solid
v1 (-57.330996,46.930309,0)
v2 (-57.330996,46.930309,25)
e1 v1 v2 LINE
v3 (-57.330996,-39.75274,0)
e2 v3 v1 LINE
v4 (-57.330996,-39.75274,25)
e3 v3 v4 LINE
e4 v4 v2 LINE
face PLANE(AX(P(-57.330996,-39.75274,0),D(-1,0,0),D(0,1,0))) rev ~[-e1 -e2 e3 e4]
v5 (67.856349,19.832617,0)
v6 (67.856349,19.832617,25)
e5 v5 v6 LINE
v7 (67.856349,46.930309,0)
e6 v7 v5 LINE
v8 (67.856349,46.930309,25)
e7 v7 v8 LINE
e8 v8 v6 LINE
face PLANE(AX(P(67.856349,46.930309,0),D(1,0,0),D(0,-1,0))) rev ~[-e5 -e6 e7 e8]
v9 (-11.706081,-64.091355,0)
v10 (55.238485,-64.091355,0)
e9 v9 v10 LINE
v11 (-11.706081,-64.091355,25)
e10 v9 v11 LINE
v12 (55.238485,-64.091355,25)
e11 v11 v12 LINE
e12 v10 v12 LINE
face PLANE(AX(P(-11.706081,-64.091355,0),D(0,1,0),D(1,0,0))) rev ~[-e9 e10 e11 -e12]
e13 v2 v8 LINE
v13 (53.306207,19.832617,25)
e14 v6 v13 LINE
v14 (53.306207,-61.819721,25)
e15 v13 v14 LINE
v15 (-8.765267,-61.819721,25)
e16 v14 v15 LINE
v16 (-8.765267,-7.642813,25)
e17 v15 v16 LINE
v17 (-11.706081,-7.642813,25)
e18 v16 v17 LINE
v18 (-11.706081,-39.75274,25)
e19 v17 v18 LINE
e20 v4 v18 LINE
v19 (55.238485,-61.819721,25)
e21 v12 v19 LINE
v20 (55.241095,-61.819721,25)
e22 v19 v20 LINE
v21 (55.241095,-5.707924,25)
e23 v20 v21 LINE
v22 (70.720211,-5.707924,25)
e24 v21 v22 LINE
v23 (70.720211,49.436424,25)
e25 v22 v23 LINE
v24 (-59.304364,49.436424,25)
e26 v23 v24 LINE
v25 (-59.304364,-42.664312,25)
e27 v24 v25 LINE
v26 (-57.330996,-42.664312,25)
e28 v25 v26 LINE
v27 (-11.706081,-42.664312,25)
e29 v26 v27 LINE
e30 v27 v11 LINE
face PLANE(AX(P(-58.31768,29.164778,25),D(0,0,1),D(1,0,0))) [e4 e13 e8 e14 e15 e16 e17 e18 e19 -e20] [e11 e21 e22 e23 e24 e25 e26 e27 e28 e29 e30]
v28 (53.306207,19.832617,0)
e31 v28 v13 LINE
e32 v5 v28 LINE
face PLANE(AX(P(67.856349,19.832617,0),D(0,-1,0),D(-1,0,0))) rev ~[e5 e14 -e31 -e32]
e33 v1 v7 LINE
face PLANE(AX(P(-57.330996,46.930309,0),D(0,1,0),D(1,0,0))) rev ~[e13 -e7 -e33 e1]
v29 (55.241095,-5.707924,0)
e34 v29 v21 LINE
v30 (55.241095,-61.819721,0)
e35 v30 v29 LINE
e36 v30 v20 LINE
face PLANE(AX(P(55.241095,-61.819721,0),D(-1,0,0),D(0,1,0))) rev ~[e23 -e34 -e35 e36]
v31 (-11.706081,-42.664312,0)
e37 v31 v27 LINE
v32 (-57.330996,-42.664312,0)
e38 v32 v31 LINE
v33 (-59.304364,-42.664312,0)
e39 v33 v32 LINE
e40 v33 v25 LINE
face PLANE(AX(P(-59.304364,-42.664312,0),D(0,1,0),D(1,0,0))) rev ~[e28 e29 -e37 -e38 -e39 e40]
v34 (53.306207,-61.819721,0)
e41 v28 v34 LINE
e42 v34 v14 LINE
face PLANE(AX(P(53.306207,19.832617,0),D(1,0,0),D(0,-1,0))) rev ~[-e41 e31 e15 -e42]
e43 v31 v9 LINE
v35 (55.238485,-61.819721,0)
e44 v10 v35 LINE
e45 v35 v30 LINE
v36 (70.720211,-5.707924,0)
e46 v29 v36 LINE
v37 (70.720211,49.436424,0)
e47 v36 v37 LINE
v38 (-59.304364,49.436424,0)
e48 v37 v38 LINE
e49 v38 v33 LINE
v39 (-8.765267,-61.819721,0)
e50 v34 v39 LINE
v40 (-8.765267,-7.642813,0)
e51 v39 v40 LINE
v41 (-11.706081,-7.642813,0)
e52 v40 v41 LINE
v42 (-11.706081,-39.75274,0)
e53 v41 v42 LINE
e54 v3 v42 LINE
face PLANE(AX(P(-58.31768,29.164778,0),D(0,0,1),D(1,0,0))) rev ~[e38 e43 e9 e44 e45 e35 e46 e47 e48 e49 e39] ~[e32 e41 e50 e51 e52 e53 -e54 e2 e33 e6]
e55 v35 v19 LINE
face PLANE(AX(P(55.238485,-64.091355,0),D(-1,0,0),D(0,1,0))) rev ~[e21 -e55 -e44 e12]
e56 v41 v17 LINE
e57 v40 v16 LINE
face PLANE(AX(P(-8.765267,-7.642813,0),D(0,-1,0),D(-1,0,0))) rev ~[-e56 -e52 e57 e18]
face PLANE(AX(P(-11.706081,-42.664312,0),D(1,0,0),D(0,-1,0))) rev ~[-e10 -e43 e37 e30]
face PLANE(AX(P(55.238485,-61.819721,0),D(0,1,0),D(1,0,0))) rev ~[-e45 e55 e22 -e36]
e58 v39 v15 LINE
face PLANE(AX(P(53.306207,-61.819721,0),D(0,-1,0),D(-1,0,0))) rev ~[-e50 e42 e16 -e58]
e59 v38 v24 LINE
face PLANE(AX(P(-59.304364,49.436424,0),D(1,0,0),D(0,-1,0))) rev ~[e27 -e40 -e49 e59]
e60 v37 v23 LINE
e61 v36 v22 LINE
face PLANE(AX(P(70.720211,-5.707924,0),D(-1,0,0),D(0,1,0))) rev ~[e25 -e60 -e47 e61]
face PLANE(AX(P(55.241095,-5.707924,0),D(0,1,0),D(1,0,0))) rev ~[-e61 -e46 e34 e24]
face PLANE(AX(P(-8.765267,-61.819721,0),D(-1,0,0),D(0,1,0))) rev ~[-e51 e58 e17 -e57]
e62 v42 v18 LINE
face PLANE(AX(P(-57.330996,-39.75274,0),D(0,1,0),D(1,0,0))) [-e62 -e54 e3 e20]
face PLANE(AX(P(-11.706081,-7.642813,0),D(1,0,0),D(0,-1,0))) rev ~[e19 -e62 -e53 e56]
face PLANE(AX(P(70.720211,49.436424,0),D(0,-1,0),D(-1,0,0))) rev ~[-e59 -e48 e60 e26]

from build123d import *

# Parameters (mm, degrees)
F0_W     = 45.6249145791
F0_H     = 2.5061145425
F0_H_2   = 2.9115714133
F0_W_2   = 2.8638616204
F0_H_3   = 25.5405409262
F0_W_3   = 12.6152541488
F0_W_4   = 1.9348878413
F1_DEPTH = 25
F2_DEPTH = 25
F3_DEPTH = 25


with BuildPart() as f1:
    # F0 (on Top) → F1 (new body)
    with BuildSketch(Plane.XY):
        Polygon((-57.3309957981, 49.4364239275), (-59.3043640256, 49.4364239275), (-59.3043640256, 21.3805288076), (-59.3043640256, 8.8931322098), (-57.3309957981, 8.8931322098), (-57.3309957981, 46.9303093851), align=None)
        with Locations((-34.5185385086, 48.1833666563)):
            Rectangle(F0_W, F0_H)
        Polygon((39.7619791329, 49.4364239275), (-11.706081219, 49.4364239275), (-11.706081219, 46.9303093851), (-8.7652672082, 46.9303093851), (37.0916128159, 46.9303093851), (39.7619791329, 46.9303093851), align=None)
        Polygon((-57.3309957981, 8.8931322098), (-59.3043640256, 8.8931322098), (-59.3043640256, -42.6643118262), (-57.3309957981, -42.6643118262), (-57.3309957981, -39.752740413), (-57.3309957981, 6.6846082918), align=None)
        Polygon((70.7202106714, 49.4364239275), (39.7619791329, 49.4364239275), (39.7619791329, 46.9303093851), (67.856349051, 46.9303093851), (70.7202106714, 46.9303093851), align=None)
        with Locations((-34.5185385086, -41.2085261196)):
            Rectangle(F0_W, F0_H_2)
        Polygon((-8.7652672082, -61.8197210133), (-8.7652672082, -7.6428134926), (-11.706081219, -7.6428134926), (-11.706081219, -39.752740413), (-11.706081219, -42.6643118262), (-11.706081219, -61.8197210133), align=None)
        Polygon((70.7202106714, 46.9303093851), (67.856349051, 46.9303093851), (67.856349051, 22.3572142422), (67.856349051, 19.8326166719), (70.7202106714, 19.8326166719), align=None)
        Polygon((39.7619791329, -61.8197210133), (-8.7652672082, -61.8197210133), (-11.706081219, -61.8197210133), (-11.706081219, -64.0913546085), (55.2384853363, -64.0913546085), (55.2384853363, -61.8197210133), (53.3062070608, -61.8197210133), align=None)
        with Locations((69.2882798612, 7.0623462088)):
            Rectangle(F0_W_2, F0_H_3)
        with Locations((61.5487219766, 7.0623462088)):
            Rectangle(F0_W_3, F0_H_3)
        Polygon((53.3062070608, -23.8958857954), (53.3062070608, -61.8197210133), (55.2384853363, -61.8197210133), (55.2410949022, -61.8197210133), (55.2410949022, -5.7079242542), (53.3062070608, -5.7079242542), (53.3062070608, -20.9843106568), align=None)
        with Locations((54.2736509815, 7.0623462088)):
            Rectangle(F0_W_4, F0_H_3)
    extrude(amount=F1_DEPTH)

    # F0 (on Top) → F2 (join)
    with BuildSketch(Plane.XY):
        Polygon((-57.3309957981, 49.4364239275), (-59.3043640256, 49.4364239275), (-59.3043640256, 21.3805288076), (-59.3043640256, 8.8931322098), (-57.3309957981, 8.8931322098), (-57.3309957981, 46.9303093851), align=None)
        with Locations((-34.5185385086, 48.1833666563)):
            Rectangle(F0_W, F0_H)
        Polygon((39.7619791329, 49.4364239275), (-11.706081219, 49.4364239275), (-11.706081219, 46.9303093851), (-8.7652672082, 46.9303093851), (37.0916128159, 46.9303093851), (39.7619791329, 46.9303093851), align=None)
        Polygon((-57.3309957981, 8.8931322098), (-59.3043640256, 8.8931322098), (-59.3043640256, -42.6643118262), (-57.3309957981, -42.6643118262), (-57.3309957981, -39.752740413), (-57.3309957981, 6.6846082918), align=None)
        Polygon((70.7202106714, 49.4364239275), (39.7619791329, 49.4364239275), (39.7619791329, 46.9303093851), (67.856349051, 46.9303093851), (70.7202106714, 46.9303093851), align=None)
        with Locations((-34.5185385086, -41.2085261196)):
            Rectangle(F0_W, F0_H_2)
        Polygon((-8.7652672082, -61.8197210133), (-8.7652672082, -7.6428134926), (-11.706081219, -7.6428134926), (-11.706081219, -39.752740413), (-11.706081219, -42.6643118262), (-11.706081219, -61.8197210133), align=None)
        Polygon((70.7202106714, 46.9303093851), (67.856349051, 46.9303093851), (67.856349051, 22.3572142422), (67.856349051, 19.8326166719), (70.7202106714, 19.8326166719), align=None)
        Polygon((39.7619791329, -61.8197210133), (-8.7652672082, -61.8197210133), (-11.706081219, -61.8197210133), (-11.706081219, -64.0913546085), (55.2384853363, -64.0913546085), (55.2384853363, -61.8197210133), (53.3062070608, -61.8197210133), align=None)
        with Locations((69.2882798612, 7.0623462088)):
            Rectangle(F0_W_2, F0_H_3)
        with Locations((61.5487219766, 7.0623462088)):
            Rectangle(F0_W_3, F0_H_3)
        Polygon((53.3062070608, -23.8958857954), (53.3062070608, -61.8197210133), (55.2384853363, -61.8197210133), (55.2410949022, -61.8197210133), (55.2410949022, -5.7079242542), (53.3062070608, -5.7079242542), (53.3062070608, -20.9843106568), align=None)
        with Locations((54.2736509815, 7.0623462088)):
            Rectangle(F0_W_4, F0_H_3)
    extrude(amount=F2_DEPTH)

    # F0 (on Top) → F3 (join)
    with BuildSketch(Plane.XY):
        Polygon((-57.3309957981, 49.4364239275), (-59.3043640256, 49.4364239275), (-59.3043640256, 21.3805288076), (-59.3043640256, 8.8931322098), (-57.3309957981, 8.8931322098), (-57.3309957981, 46.9303093851), align=None)
        with Locations((-34.5185385086, 48.1833666563)):
            Rectangle(F0_W, F0_H)
        Polygon((39.7619791329, 49.4364239275), (-11.706081219, 49.4364239275), (-11.706081219, 46.9303093851), (-8.7652672082, 46.9303093851), (37.0916128159, 46.9303093851), (39.7619791329, 46.9303093851), align=None)
        Polygon((-57.3309957981, 8.8931322098), (-59.3043640256, 8.8931322098), (-59.3043640256, -42.6643118262), (-57.3309957981, -42.6643118262), (-57.3309957981, -39.752740413), (-57.3309957981, 6.6846082918), align=None)
        Polygon((70.7202106714, 49.4364239275), (39.7619791329, 49.4364239275), (39.7619791329, 46.9303093851), (67.856349051, 46.9303093851), (70.7202106714, 46.9303093851), align=None)
        with Locations((-34.5185385086, -41.2085261196)):
            Rectangle(F0_W, F0_H_2)
        Polygon((-8.7652672082, -61.8197210133), (-8.7652672082, -7.6428134926), (-11.706081219, -7.6428134926), (-11.706081219, -39.752740413), (-11.706081219, -42.6643118262), (-11.706081219, -61.8197210133), align=None)
        Polygon((70.7202106714, 46.9303093851), (67.856349051, 46.9303093851), (67.856349051, 22.3572142422), (67.856349051, 19.8326166719), (70.7202106714, 19.8326166719), align=None)
        Polygon((39.7619791329, -61.8197210133), (-8.7652672082, -61.8197210133), (-11.706081219, -61.8197210133), (-11.706081219, -64.0913546085), (55.2384853363, -64.0913546085), (55.2384853363, -61.8197210133), (53.3062070608, -61.8197210133), align=None)
        with Locations((69.2882798612, 7.0623462088)):
            Rectangle(F0_W_2, F0_H_3)
        with Locations((61.5487219766, 7.0623462088)):
            Rectangle(F0_W_3, F0_H_3)
        Polygon((53.3062070608, -23.8958857954), (53.3062070608, -61.8197210133), (55.2384853363, -61.8197210133), (55.2410949022, -61.8197210133), (55.2410949022, -5.7079242542), (53.3062070608, -5.7079242542), (53.3062070608, -20.9843106568), align=None)
        with Locations((54.2736509815, 7.0623462088)):
            Rectangle(F0_W_4, F0_H_3)
    extrude(amount=F3_DEPTH)


solid = f1.part
